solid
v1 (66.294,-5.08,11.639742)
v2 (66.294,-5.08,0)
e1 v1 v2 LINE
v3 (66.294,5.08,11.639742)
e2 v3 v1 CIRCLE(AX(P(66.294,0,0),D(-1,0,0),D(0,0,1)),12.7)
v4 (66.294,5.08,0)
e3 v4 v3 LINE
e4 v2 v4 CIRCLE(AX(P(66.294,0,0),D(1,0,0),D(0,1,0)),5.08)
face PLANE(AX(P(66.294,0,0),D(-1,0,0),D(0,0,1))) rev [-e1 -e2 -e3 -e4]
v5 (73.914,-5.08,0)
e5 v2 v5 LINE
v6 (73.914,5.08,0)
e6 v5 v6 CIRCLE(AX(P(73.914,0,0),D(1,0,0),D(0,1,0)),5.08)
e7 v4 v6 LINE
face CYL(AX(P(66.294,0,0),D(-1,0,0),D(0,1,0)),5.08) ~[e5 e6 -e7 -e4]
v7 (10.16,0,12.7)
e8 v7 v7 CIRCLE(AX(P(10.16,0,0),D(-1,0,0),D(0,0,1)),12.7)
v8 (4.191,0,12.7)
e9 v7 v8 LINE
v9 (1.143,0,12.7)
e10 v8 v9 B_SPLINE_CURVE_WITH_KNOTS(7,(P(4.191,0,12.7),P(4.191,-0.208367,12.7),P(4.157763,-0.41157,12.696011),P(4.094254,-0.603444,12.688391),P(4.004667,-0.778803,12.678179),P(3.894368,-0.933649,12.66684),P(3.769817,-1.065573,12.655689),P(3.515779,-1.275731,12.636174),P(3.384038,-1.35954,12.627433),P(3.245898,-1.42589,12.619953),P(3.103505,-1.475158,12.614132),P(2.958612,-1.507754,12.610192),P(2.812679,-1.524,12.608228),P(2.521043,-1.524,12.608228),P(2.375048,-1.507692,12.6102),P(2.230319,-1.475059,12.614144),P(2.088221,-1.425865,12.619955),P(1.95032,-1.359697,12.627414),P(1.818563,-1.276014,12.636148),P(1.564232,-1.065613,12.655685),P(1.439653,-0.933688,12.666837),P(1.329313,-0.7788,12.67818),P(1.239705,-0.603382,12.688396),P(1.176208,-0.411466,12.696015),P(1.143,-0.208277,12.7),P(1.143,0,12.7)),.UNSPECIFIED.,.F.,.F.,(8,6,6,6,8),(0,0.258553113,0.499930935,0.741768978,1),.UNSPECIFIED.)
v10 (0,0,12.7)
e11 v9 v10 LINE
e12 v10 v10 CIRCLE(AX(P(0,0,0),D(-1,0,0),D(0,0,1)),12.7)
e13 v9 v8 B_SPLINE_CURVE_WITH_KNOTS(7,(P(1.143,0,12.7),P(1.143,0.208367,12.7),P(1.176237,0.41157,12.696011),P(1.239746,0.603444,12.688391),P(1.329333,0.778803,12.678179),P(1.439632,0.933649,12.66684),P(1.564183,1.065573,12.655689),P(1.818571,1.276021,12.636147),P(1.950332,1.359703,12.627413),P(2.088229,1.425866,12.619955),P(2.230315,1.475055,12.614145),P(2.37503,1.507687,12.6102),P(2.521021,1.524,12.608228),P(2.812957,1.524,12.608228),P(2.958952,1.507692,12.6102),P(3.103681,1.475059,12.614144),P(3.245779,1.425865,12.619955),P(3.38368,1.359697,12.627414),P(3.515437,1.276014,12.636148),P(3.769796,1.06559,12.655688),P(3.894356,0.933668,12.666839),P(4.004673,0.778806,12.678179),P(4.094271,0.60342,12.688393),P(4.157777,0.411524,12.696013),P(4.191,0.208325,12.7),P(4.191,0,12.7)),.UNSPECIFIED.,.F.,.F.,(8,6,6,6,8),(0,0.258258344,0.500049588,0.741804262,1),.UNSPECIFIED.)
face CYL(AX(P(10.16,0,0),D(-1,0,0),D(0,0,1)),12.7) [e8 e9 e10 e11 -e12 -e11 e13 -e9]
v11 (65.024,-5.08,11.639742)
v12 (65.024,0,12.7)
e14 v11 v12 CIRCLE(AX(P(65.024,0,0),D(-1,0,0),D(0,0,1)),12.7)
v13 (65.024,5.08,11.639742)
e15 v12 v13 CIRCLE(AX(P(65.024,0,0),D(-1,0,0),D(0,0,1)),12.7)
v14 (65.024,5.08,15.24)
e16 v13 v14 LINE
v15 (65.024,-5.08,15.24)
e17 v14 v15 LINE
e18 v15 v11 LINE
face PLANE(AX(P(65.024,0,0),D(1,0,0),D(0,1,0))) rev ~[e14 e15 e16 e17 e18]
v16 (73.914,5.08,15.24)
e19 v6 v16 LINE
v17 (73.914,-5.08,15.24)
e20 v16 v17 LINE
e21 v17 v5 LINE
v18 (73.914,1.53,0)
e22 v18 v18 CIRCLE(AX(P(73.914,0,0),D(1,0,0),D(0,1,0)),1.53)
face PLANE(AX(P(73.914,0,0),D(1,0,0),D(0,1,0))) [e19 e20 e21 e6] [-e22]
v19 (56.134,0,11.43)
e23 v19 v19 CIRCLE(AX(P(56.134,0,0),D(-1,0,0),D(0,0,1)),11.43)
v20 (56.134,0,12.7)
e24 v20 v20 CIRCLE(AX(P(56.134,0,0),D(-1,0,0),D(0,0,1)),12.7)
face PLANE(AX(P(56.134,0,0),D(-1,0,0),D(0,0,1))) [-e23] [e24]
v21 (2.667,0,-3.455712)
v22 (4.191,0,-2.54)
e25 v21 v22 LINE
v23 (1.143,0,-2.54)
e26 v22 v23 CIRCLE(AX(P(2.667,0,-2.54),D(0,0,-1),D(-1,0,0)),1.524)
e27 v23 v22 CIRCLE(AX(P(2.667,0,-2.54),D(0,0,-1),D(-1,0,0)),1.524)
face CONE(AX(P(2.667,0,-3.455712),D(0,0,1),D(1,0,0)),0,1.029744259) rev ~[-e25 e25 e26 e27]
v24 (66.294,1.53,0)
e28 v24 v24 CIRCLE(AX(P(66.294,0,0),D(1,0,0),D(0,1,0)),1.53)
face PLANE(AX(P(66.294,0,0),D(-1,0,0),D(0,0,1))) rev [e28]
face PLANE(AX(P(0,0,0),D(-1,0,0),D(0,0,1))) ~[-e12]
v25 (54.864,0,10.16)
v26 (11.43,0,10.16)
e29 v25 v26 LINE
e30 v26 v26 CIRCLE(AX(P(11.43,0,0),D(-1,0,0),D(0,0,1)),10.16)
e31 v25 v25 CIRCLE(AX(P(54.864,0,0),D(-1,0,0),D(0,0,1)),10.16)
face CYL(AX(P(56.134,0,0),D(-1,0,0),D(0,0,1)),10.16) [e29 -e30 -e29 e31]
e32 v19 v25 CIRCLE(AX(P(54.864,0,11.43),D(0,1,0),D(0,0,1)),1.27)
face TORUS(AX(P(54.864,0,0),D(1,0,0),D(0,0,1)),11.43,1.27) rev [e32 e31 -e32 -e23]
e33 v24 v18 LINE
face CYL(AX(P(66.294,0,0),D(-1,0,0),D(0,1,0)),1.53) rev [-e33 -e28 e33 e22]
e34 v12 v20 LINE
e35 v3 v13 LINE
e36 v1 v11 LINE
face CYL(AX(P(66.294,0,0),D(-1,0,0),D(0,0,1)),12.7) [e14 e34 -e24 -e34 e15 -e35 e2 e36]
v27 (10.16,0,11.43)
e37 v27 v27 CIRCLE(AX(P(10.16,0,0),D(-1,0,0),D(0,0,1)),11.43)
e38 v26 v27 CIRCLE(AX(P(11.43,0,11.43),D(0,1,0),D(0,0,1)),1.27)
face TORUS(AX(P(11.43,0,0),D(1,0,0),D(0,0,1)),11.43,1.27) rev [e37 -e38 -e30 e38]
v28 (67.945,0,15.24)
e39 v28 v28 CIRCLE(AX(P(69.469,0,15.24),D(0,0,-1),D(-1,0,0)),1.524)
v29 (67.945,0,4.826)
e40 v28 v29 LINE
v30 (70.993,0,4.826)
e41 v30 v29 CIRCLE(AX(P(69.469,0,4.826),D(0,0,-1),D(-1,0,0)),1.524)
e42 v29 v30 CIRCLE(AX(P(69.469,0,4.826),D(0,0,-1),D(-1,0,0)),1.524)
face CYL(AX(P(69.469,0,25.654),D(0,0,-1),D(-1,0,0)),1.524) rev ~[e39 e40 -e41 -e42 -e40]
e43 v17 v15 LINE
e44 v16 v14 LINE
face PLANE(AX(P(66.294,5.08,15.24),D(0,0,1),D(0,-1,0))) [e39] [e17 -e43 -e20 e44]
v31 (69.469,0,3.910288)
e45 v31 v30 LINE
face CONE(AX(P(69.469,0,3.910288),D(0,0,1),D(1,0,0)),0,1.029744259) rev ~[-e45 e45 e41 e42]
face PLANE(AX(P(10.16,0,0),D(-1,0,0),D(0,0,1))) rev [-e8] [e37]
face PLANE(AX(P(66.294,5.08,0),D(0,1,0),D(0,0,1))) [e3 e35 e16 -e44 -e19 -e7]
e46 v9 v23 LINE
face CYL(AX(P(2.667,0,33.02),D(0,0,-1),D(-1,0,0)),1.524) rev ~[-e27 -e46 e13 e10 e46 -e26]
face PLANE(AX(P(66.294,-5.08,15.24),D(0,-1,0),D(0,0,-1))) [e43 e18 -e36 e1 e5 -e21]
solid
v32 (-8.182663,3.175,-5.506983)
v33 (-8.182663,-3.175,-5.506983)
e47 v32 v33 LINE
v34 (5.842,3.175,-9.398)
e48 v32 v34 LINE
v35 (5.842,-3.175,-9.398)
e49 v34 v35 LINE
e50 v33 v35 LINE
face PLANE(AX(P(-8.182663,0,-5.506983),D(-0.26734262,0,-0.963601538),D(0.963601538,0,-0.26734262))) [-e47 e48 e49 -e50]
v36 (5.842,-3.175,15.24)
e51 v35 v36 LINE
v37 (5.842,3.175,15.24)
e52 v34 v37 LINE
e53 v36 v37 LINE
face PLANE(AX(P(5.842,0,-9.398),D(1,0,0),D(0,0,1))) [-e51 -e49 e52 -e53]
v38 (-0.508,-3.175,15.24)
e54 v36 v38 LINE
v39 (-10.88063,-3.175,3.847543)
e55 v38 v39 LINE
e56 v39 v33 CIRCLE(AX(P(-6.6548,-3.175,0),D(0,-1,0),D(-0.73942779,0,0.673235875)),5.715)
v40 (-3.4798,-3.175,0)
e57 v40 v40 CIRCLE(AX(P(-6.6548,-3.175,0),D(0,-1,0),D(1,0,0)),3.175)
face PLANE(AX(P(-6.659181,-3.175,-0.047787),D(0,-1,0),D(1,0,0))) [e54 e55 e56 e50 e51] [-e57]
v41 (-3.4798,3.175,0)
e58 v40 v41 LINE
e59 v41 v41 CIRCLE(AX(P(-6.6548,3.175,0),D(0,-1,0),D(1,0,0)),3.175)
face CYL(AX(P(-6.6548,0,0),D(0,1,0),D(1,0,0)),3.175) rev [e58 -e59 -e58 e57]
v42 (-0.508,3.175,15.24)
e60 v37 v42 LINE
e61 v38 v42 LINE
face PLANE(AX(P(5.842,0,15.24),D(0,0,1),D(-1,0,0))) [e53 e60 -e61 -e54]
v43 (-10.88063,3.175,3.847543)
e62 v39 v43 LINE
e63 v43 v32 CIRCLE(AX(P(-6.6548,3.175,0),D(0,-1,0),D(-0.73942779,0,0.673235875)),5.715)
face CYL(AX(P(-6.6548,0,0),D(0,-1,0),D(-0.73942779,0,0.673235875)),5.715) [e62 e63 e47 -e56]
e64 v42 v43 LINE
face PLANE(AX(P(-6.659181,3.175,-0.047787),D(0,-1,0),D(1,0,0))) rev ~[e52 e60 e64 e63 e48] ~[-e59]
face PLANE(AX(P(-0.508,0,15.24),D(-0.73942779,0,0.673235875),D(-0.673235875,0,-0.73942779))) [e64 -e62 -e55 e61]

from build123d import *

# Parameters (mm, degrees)
F0_W          = 5.842
F0_H          = 12.7
F0_R          = 3.175
F2_DEPTH      = 3.175
F3_R          = 1.53
F4_DEPTH      = 7.62
F4_DEPTH_BACK = 1.27
F6_D          = 3.048
F6_DEPTH      = 17.78
F6_TIP        = 0.9157115834
F8_D          = 3.048
F8_DEPTH      = 10.414
F8_TIP        = 0.9157115834
F9_R          = 1.27


with BuildPart() as f1:
    # F0 (on Front) → F1 (revolve)
    with BuildSketch(Plane.XZ):
        Polygon((5.842, 12.7), (5.842, 0), (66.294, 0), (66.294, 12.7), (56.134, 12.7), (56.134, 10.16), (10.16, 10.16), (10.16, 12.7), align=None)
        with Locations((2.921, 6.35)):
            Rectangle(F0_W, F0_H)
    revolve(axis=Axis((33.147, 0, 0), (-1, 0, 0)))

    # F3 (on face) → F4 (join, two sides)
    with BuildSketch(Plane.YZ.offset(66.294)) as f4_sk:
        with BuildLine():
            ThreePointArc((-5.08, 0), (0, -5.08), (5.08, 0))
            ThreePointArc((5.08, 0), (0, 5.08), (-5.08, 0))
        make_face()
        Circle(F3_R, mode=Mode.SUBTRACT)
        with BuildLine():
            ThreePointArc((-5.08, 0), (0, 5.08), (5.08, 0))
            Line((5.08, 0), (5.08, 15.24))
            Line((5.08, 15.24), (-5.08, 15.24))
            Line((-5.08, 15.24), (-5.08, 0))
        make_face()
    extrude(amount=F4_DEPTH)
    extrude(f4_sk.sketch, amount=-F4_DEPTH_BACK)

    # F6
    with Locations(Plane.XY.offset(15.24)):
        with Locations((2.667, 0)):
            Hole(F6_D / 2, depth=F6_DEPTH)
            with Locations((0, 0, -(F6_DEPTH + F6_TIP / 2))):  # 118° drill point
                Cone(0, F6_D / 2, F6_TIP, mode=Mode.SUBTRACT)

    # F8
    with Locations(Plane.XY.offset(15.24)):
        with Locations((69.469, 0)):
            Hole(F8_D / 2, depth=F8_DEPTH)
            with Locations((0, 0, -(F8_DEPTH + F8_TIP / 2))):  # 118° drill point
                Cone(0, F8_D / 2, F8_TIP, mode=Mode.SUBTRACT)

    # F9
    f9_edges = [f1.edges().sort_by_distance(p)[0] for p in [
        (56.134, 0, -10.16),
        (10.16, 0, -10.16),
        (33.147, 0, 10.16),
    ]]
    fillet(f9_edges, radius=F9_R)


with BuildPart() as f2:
    # F0 (on Front) → F2 (new body, symmetric)
    with BuildSketch(Plane.XZ):
        with BuildLine():
            ThreePointArc((-8.1826630726, -5.5069827884), (-3.1957909266, -4.5493385486), (-0.9398, 0))
            ThreePointArc((-0.9398, 0), (-4.5919612295, 5.3297205562), (-10.8806298187, 3.8475430269))
            ThreePointArc((-10.8806298187, 3.8475430269), (-12.1459778134, -1.5837270034), (-8.1826630726, -5.5069827884))
        make_face()
        with Locations((-6.6548, 0)):
            Circle(F0_R, mode=Mode.SUBTRACT)
        with BuildLine():
            Line((5.842, 0), (0, 0))
            Line((0, 0), (-0.9398, 0))
            ThreePointArc((-0.9398, 0), (-3.1957909266, -4.5493385486), (-8.1826630726, -5.5069827884))
            Line((-8.1826630726, -5.5069827884), (5.842, -9.398))
            Line((5.842, -9.398), (5.842, 0))
        make_face()
        with BuildLine():
            Line((-0.9398, 0), (0, 0))
            Line((0, 0), (0, 12.7))
            Line((0, 12.7), (5.842, 12.7))
            Line((5.842, 12.7), (5.842, 15.24))
            Line((5.842, 15.24), (-0.508, 15.24))
            Line((-0.508, 15.24), (-10.8806298187, 3.8475430269))
            ThreePointArc((-10.8806298187, 3.8475430269), (-4.5919612295, 5.3297205562), (-0.9398, 0))
        make_face()
        with Locations((2.921, 6.35)):
            Rectangle(F0_W, F0_H)
    extrude(amount=F2_DEPTH, both=True)


solid = Compound([f1.part, f2.part])
